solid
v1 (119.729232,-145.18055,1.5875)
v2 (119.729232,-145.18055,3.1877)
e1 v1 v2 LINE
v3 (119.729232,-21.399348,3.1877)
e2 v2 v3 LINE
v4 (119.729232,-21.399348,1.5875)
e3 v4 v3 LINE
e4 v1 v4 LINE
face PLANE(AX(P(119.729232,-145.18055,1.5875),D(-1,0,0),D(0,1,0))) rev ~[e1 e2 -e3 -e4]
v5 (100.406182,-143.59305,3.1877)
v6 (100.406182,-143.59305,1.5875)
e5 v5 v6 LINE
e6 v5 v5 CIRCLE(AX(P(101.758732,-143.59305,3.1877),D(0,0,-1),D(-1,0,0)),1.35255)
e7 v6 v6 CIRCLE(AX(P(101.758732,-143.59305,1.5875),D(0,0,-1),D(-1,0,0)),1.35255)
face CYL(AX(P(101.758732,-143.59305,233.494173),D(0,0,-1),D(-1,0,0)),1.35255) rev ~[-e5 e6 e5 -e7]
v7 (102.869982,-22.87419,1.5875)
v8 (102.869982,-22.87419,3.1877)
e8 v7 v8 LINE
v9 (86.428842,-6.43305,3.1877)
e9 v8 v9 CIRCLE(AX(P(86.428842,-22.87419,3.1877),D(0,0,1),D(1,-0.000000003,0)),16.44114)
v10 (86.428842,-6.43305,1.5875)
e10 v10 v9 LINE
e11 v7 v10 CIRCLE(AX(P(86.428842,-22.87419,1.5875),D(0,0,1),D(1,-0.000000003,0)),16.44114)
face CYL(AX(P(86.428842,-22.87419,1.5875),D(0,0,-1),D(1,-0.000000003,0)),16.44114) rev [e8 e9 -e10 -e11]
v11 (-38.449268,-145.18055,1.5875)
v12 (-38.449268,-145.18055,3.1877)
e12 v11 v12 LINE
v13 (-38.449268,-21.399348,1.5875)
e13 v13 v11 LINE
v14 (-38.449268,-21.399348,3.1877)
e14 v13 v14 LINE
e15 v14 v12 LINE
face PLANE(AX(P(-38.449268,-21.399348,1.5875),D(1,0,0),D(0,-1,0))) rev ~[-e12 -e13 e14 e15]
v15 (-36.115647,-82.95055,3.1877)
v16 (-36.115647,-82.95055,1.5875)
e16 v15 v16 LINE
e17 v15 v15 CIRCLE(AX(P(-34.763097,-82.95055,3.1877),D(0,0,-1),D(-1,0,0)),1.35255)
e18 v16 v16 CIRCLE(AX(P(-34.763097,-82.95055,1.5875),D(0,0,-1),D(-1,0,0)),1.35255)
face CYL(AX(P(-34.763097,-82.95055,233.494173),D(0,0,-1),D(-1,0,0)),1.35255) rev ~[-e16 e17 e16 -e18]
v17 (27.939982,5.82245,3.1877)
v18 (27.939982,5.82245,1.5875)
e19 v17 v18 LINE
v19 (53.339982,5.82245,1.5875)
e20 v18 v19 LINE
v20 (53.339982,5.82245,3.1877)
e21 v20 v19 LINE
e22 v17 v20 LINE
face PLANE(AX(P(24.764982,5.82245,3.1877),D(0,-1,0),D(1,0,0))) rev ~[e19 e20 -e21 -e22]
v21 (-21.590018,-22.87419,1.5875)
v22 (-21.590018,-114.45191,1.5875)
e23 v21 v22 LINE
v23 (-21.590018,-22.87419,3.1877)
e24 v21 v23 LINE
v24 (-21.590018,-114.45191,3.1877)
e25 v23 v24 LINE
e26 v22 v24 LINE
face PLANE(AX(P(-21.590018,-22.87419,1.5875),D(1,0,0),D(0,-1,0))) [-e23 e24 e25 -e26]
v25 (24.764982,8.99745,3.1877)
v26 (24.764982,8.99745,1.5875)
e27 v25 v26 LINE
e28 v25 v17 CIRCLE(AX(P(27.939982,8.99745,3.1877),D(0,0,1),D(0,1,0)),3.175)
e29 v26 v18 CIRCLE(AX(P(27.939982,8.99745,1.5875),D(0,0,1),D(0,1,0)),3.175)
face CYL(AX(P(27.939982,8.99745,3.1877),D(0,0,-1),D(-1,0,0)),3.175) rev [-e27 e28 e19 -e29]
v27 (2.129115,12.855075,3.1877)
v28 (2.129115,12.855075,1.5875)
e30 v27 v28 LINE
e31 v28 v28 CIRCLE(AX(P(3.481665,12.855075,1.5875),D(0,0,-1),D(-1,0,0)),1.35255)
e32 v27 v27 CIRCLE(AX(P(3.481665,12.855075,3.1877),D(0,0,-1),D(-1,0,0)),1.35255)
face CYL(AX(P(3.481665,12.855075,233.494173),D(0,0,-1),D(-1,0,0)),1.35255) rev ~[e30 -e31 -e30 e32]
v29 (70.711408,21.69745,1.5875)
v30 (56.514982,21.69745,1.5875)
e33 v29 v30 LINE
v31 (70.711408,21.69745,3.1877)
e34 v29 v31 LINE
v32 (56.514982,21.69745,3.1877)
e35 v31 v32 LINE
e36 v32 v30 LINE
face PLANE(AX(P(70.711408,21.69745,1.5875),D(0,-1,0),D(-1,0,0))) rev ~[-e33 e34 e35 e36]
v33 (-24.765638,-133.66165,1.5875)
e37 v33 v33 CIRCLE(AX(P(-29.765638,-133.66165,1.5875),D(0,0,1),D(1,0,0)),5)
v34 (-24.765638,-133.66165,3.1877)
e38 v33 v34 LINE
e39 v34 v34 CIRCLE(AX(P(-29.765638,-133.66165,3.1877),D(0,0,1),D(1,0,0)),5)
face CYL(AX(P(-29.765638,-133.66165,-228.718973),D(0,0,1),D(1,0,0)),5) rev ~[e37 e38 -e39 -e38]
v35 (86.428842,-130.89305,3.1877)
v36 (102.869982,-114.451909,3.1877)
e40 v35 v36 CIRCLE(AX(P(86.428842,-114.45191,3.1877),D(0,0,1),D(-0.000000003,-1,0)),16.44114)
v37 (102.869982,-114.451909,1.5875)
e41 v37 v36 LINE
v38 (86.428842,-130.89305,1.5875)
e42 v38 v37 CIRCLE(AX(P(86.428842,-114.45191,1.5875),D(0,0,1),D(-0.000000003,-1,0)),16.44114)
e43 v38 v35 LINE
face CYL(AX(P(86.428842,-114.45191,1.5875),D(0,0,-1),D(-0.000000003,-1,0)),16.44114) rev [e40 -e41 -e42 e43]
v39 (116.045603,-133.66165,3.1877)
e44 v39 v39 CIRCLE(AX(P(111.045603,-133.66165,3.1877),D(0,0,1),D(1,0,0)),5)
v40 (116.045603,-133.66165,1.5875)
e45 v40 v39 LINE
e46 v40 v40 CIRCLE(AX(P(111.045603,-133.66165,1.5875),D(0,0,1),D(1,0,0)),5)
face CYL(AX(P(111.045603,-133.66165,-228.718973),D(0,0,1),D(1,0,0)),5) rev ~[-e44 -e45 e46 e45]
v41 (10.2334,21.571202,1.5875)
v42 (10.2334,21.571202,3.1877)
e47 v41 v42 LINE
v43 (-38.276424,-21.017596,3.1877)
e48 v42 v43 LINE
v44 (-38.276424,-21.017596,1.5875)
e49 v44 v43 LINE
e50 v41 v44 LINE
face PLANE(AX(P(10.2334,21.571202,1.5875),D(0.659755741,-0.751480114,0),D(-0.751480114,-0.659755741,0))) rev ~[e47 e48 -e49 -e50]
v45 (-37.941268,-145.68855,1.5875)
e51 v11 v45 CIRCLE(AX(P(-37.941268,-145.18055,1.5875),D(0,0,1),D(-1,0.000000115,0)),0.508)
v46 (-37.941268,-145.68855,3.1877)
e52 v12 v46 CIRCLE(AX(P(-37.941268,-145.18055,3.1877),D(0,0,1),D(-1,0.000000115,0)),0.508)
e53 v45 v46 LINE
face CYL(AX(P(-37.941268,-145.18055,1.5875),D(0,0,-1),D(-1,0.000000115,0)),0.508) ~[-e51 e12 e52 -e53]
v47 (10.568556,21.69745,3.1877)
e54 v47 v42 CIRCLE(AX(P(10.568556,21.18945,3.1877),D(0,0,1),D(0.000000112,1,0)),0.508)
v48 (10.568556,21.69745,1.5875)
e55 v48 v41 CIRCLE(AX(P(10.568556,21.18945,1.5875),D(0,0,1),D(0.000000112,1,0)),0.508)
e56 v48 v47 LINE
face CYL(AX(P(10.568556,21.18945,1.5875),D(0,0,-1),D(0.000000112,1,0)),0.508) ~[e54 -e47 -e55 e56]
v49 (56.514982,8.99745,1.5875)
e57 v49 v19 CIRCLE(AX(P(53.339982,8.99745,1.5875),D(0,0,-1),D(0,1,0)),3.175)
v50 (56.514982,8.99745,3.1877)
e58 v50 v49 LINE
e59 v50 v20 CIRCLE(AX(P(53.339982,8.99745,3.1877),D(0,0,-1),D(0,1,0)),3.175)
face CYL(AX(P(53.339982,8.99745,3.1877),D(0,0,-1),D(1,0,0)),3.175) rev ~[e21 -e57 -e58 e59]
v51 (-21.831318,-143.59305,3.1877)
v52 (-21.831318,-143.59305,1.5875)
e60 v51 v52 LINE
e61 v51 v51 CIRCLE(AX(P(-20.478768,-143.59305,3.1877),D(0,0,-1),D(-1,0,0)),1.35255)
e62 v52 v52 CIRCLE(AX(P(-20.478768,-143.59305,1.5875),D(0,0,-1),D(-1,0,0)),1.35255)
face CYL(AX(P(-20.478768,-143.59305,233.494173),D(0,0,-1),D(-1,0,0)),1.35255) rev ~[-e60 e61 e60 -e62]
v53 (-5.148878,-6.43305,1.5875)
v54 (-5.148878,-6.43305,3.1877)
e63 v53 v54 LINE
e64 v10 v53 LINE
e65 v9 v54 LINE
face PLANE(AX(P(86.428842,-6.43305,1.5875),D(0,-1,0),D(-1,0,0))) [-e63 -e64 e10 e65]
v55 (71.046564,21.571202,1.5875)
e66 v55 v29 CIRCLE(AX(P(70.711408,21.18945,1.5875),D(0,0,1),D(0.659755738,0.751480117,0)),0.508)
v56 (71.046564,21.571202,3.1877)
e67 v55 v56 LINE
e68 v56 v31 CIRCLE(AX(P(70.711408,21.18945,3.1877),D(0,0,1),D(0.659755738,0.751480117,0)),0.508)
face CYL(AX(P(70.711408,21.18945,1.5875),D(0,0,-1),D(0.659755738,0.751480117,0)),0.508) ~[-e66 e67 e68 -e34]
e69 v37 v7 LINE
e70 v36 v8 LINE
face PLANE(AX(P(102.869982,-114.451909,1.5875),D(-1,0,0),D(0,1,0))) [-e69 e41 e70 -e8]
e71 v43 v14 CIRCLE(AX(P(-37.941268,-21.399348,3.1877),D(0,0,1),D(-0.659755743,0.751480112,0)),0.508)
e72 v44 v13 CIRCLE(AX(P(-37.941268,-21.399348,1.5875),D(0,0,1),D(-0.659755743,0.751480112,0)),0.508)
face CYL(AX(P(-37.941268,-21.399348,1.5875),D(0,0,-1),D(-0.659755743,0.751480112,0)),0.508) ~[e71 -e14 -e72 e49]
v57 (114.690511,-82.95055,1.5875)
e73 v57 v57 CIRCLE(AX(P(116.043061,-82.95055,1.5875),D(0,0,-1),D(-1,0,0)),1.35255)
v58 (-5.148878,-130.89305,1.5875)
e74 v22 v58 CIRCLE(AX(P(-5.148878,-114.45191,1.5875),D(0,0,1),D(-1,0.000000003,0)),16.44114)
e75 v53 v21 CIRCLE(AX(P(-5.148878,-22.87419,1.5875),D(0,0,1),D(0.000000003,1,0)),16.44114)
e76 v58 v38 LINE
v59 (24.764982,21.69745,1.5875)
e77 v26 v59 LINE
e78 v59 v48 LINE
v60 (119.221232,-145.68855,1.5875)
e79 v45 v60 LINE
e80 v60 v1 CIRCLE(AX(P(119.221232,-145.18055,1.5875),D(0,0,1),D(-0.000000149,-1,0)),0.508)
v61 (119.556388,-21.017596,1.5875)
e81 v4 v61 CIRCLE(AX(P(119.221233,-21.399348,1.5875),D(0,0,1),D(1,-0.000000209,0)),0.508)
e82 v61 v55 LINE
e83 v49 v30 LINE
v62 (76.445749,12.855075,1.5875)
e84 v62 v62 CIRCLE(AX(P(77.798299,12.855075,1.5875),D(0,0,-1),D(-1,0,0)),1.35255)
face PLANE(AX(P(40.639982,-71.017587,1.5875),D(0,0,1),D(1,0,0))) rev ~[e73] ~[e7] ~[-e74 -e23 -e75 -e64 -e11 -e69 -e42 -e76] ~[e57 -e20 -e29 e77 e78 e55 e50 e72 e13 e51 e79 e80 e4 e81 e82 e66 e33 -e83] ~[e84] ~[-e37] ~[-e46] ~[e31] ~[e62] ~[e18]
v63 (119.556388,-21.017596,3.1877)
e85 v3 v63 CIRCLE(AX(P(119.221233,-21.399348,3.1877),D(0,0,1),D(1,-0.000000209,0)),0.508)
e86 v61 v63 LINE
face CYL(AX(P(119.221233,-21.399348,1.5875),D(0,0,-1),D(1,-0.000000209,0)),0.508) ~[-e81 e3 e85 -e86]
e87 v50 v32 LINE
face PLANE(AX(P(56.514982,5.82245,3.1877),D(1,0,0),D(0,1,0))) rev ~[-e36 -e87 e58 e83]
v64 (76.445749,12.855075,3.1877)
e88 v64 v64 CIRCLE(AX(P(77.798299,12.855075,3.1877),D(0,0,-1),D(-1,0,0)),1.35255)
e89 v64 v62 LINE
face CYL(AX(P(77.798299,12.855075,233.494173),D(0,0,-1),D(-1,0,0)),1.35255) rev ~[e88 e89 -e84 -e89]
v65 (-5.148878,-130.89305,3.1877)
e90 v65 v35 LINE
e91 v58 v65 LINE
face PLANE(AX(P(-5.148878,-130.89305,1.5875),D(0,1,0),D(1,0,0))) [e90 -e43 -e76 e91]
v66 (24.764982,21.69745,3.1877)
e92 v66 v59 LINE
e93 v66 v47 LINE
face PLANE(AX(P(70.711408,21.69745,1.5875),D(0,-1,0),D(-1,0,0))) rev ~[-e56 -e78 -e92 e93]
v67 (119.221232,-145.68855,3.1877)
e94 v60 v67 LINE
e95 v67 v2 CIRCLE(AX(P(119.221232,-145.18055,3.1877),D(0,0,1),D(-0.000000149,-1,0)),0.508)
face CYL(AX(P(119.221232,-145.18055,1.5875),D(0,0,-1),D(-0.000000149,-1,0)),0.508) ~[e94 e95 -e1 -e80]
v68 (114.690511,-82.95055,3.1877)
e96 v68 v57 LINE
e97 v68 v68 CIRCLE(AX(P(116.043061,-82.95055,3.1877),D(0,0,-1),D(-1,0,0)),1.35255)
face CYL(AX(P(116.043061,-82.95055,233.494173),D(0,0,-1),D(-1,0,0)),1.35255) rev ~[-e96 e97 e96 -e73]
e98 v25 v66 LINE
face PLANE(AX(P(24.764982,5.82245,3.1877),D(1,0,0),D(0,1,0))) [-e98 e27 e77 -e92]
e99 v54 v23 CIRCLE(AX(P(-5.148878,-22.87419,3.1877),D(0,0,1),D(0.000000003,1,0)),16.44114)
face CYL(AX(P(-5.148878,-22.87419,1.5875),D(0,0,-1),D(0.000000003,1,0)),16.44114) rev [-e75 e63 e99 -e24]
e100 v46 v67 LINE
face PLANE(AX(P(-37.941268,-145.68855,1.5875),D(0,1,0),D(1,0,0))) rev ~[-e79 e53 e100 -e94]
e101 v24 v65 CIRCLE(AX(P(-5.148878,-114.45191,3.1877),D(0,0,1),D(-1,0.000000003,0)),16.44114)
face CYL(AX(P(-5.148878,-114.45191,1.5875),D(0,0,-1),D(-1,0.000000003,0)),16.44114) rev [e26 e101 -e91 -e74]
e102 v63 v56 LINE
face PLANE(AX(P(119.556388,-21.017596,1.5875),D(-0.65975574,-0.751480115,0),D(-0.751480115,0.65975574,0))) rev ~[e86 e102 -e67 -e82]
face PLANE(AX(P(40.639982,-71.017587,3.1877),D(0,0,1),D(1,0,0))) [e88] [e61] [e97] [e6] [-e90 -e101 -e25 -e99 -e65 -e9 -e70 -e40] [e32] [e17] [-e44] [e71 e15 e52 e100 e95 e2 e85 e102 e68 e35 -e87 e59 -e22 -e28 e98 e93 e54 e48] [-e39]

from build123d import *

# Parameters (mm, degrees)
BOSS_EXTRUDE1_DEPTH        = 1.6002
F_2_CLEARANCE_HOLE1_D      = 2.7051
SKETCH8_W                  = 31.75
SKETCH8_H                  = 15.875
CUT_EXTRUDE3_DEPTH         = 2.6002
FILLET1_R                  = 3.175
F_10_0_10_DIAMETER_HOLE1_D = 10


with BuildPart() as part:
    # Sketch2 → Boss-Extrude1 (new body)
    with BuildSketch(Plane.XY.offset(1.5875)):
        with BuildLine():
            Line((70.711408136, 21.697450137), (10.568555904, 21.697450137))
            ThreePointArc((10.568555904, 21.697450137), (10.389483229, 21.664841533), (10.233399988, 21.571201994))
            Line((10.233399988, 21.571201994), (-38.276423867, -21.017595986))
            ThreePointArc((-38.276423867, -21.017595986), (-38.404043925, -21.189818895), (-38.449267951, -21.399347884))
            Line((-38.449267951, -21.399347884), (-38.449267951, -145.180549937))
            ThreePointArc((-38.449267951, -145.180549937), (-38.300478171, -145.539760241), (-37.941267867, -145.688549937))
            Line((-37.941267867, -145.688549937), (119.221232133, -145.688549937))
            ThreePointArc((119.221232133, -145.688549937), (119.580442454, -145.53976015), (119.729232133, -145.18054983))
            Line((119.729232133, -145.18054983), (119.729232133, -21.399347777))
            ThreePointArc((119.729232133, -21.399347777), (119.684008101, -21.189818753), (119.556387965, -21.017595879))
            Line((119.556387965, -21.017595879), (71.046564052, 21.571202036))
            ThreePointArc((71.046564052, 21.571202036), (70.890480797, 21.664841536), (70.711408136, 21.697450137))
        make_face()
        with BuildLine():
            Line((102.869982113, -114.451909481), (102.869982113, -22.874190224))
            ThreePointArc((102.869982113, -22.874190224), (98.05448357, -11.248548333), (86.428841679, -6.433049852))
            Line((86.428841679, -6.433049852), (-5.148877578, -6.433049852))
            ThreePointArc((-5.148877578, -6.433049852), (-16.774519469, -11.248548395), (-21.59001795, -22.874190286))
            Line((-21.59001795, -22.874190286), (-21.59001795, -114.451909543))
            ThreePointArc((-21.59001795, -114.451909543), (-16.774519407, -126.077551434), (-5.148877516, -130.893049915))
            Line((-5.148877516, -130.893049915), (86.428841741, -130.893049915))
            ThreePointArc((86.428841741, -130.893049915), (98.054483632, -126.077551372), (102.869982113, -114.451909481))
        make_face(mode=Mode.SUBTRACT)
    extrude(amount=BOSS_EXTRUDE1_DEPTH)

    # #2 Clearance Hole1 (through all)
    with Locations(Plane.XY.offset(3.1877)):
        with Locations((3.4816648, 12.855075079), (77.798299252, 12.855075129), (-34.763097208, -82.95054975), (116.04306139, -82.950549647), (101.758732132, -143.593049842), (-20.478767868, -143.593049925)):
            Hole(F_2_CLEARANCE_HOLE1_D / 2)

    # Sketch8 → Cut-Extrude3 (cut, through all)
    with BuildSketch(Plane.XY.offset(3.1877)):
        with Locations((40.63998202, 13.759950137)):
            Rectangle(SKETCH8_W, SKETCH8_H)
    extrude(amount=-CUT_EXTRUDE3_DEPTH, mode=Mode.SUBTRACT)

    # Fillet1
    fillet1_edges = [part.edges().sort_by_distance(p)[0] for p in [
        (56.51498202, 5.822450137, 2.3876),
        (24.76498202, 5.822450137, 2.3876),
    ]]
    fillet(fillet1_edges, radius=FILLET1_R)

    # Ø10.0 (10) Diameter Hole1 (through all)
    with Locations(Plane(origin=(0, 0, 1.5875), x_dir=(-1, 0, 0), z_dir=(0, 0, -1))):
        with Locations((-111.045602766, -133.661649696), (29.765638361, -133.661649887)):
            Hole(F_10_0_10_DIAMETER_HOLE1_D / 2)


solid = part.part
